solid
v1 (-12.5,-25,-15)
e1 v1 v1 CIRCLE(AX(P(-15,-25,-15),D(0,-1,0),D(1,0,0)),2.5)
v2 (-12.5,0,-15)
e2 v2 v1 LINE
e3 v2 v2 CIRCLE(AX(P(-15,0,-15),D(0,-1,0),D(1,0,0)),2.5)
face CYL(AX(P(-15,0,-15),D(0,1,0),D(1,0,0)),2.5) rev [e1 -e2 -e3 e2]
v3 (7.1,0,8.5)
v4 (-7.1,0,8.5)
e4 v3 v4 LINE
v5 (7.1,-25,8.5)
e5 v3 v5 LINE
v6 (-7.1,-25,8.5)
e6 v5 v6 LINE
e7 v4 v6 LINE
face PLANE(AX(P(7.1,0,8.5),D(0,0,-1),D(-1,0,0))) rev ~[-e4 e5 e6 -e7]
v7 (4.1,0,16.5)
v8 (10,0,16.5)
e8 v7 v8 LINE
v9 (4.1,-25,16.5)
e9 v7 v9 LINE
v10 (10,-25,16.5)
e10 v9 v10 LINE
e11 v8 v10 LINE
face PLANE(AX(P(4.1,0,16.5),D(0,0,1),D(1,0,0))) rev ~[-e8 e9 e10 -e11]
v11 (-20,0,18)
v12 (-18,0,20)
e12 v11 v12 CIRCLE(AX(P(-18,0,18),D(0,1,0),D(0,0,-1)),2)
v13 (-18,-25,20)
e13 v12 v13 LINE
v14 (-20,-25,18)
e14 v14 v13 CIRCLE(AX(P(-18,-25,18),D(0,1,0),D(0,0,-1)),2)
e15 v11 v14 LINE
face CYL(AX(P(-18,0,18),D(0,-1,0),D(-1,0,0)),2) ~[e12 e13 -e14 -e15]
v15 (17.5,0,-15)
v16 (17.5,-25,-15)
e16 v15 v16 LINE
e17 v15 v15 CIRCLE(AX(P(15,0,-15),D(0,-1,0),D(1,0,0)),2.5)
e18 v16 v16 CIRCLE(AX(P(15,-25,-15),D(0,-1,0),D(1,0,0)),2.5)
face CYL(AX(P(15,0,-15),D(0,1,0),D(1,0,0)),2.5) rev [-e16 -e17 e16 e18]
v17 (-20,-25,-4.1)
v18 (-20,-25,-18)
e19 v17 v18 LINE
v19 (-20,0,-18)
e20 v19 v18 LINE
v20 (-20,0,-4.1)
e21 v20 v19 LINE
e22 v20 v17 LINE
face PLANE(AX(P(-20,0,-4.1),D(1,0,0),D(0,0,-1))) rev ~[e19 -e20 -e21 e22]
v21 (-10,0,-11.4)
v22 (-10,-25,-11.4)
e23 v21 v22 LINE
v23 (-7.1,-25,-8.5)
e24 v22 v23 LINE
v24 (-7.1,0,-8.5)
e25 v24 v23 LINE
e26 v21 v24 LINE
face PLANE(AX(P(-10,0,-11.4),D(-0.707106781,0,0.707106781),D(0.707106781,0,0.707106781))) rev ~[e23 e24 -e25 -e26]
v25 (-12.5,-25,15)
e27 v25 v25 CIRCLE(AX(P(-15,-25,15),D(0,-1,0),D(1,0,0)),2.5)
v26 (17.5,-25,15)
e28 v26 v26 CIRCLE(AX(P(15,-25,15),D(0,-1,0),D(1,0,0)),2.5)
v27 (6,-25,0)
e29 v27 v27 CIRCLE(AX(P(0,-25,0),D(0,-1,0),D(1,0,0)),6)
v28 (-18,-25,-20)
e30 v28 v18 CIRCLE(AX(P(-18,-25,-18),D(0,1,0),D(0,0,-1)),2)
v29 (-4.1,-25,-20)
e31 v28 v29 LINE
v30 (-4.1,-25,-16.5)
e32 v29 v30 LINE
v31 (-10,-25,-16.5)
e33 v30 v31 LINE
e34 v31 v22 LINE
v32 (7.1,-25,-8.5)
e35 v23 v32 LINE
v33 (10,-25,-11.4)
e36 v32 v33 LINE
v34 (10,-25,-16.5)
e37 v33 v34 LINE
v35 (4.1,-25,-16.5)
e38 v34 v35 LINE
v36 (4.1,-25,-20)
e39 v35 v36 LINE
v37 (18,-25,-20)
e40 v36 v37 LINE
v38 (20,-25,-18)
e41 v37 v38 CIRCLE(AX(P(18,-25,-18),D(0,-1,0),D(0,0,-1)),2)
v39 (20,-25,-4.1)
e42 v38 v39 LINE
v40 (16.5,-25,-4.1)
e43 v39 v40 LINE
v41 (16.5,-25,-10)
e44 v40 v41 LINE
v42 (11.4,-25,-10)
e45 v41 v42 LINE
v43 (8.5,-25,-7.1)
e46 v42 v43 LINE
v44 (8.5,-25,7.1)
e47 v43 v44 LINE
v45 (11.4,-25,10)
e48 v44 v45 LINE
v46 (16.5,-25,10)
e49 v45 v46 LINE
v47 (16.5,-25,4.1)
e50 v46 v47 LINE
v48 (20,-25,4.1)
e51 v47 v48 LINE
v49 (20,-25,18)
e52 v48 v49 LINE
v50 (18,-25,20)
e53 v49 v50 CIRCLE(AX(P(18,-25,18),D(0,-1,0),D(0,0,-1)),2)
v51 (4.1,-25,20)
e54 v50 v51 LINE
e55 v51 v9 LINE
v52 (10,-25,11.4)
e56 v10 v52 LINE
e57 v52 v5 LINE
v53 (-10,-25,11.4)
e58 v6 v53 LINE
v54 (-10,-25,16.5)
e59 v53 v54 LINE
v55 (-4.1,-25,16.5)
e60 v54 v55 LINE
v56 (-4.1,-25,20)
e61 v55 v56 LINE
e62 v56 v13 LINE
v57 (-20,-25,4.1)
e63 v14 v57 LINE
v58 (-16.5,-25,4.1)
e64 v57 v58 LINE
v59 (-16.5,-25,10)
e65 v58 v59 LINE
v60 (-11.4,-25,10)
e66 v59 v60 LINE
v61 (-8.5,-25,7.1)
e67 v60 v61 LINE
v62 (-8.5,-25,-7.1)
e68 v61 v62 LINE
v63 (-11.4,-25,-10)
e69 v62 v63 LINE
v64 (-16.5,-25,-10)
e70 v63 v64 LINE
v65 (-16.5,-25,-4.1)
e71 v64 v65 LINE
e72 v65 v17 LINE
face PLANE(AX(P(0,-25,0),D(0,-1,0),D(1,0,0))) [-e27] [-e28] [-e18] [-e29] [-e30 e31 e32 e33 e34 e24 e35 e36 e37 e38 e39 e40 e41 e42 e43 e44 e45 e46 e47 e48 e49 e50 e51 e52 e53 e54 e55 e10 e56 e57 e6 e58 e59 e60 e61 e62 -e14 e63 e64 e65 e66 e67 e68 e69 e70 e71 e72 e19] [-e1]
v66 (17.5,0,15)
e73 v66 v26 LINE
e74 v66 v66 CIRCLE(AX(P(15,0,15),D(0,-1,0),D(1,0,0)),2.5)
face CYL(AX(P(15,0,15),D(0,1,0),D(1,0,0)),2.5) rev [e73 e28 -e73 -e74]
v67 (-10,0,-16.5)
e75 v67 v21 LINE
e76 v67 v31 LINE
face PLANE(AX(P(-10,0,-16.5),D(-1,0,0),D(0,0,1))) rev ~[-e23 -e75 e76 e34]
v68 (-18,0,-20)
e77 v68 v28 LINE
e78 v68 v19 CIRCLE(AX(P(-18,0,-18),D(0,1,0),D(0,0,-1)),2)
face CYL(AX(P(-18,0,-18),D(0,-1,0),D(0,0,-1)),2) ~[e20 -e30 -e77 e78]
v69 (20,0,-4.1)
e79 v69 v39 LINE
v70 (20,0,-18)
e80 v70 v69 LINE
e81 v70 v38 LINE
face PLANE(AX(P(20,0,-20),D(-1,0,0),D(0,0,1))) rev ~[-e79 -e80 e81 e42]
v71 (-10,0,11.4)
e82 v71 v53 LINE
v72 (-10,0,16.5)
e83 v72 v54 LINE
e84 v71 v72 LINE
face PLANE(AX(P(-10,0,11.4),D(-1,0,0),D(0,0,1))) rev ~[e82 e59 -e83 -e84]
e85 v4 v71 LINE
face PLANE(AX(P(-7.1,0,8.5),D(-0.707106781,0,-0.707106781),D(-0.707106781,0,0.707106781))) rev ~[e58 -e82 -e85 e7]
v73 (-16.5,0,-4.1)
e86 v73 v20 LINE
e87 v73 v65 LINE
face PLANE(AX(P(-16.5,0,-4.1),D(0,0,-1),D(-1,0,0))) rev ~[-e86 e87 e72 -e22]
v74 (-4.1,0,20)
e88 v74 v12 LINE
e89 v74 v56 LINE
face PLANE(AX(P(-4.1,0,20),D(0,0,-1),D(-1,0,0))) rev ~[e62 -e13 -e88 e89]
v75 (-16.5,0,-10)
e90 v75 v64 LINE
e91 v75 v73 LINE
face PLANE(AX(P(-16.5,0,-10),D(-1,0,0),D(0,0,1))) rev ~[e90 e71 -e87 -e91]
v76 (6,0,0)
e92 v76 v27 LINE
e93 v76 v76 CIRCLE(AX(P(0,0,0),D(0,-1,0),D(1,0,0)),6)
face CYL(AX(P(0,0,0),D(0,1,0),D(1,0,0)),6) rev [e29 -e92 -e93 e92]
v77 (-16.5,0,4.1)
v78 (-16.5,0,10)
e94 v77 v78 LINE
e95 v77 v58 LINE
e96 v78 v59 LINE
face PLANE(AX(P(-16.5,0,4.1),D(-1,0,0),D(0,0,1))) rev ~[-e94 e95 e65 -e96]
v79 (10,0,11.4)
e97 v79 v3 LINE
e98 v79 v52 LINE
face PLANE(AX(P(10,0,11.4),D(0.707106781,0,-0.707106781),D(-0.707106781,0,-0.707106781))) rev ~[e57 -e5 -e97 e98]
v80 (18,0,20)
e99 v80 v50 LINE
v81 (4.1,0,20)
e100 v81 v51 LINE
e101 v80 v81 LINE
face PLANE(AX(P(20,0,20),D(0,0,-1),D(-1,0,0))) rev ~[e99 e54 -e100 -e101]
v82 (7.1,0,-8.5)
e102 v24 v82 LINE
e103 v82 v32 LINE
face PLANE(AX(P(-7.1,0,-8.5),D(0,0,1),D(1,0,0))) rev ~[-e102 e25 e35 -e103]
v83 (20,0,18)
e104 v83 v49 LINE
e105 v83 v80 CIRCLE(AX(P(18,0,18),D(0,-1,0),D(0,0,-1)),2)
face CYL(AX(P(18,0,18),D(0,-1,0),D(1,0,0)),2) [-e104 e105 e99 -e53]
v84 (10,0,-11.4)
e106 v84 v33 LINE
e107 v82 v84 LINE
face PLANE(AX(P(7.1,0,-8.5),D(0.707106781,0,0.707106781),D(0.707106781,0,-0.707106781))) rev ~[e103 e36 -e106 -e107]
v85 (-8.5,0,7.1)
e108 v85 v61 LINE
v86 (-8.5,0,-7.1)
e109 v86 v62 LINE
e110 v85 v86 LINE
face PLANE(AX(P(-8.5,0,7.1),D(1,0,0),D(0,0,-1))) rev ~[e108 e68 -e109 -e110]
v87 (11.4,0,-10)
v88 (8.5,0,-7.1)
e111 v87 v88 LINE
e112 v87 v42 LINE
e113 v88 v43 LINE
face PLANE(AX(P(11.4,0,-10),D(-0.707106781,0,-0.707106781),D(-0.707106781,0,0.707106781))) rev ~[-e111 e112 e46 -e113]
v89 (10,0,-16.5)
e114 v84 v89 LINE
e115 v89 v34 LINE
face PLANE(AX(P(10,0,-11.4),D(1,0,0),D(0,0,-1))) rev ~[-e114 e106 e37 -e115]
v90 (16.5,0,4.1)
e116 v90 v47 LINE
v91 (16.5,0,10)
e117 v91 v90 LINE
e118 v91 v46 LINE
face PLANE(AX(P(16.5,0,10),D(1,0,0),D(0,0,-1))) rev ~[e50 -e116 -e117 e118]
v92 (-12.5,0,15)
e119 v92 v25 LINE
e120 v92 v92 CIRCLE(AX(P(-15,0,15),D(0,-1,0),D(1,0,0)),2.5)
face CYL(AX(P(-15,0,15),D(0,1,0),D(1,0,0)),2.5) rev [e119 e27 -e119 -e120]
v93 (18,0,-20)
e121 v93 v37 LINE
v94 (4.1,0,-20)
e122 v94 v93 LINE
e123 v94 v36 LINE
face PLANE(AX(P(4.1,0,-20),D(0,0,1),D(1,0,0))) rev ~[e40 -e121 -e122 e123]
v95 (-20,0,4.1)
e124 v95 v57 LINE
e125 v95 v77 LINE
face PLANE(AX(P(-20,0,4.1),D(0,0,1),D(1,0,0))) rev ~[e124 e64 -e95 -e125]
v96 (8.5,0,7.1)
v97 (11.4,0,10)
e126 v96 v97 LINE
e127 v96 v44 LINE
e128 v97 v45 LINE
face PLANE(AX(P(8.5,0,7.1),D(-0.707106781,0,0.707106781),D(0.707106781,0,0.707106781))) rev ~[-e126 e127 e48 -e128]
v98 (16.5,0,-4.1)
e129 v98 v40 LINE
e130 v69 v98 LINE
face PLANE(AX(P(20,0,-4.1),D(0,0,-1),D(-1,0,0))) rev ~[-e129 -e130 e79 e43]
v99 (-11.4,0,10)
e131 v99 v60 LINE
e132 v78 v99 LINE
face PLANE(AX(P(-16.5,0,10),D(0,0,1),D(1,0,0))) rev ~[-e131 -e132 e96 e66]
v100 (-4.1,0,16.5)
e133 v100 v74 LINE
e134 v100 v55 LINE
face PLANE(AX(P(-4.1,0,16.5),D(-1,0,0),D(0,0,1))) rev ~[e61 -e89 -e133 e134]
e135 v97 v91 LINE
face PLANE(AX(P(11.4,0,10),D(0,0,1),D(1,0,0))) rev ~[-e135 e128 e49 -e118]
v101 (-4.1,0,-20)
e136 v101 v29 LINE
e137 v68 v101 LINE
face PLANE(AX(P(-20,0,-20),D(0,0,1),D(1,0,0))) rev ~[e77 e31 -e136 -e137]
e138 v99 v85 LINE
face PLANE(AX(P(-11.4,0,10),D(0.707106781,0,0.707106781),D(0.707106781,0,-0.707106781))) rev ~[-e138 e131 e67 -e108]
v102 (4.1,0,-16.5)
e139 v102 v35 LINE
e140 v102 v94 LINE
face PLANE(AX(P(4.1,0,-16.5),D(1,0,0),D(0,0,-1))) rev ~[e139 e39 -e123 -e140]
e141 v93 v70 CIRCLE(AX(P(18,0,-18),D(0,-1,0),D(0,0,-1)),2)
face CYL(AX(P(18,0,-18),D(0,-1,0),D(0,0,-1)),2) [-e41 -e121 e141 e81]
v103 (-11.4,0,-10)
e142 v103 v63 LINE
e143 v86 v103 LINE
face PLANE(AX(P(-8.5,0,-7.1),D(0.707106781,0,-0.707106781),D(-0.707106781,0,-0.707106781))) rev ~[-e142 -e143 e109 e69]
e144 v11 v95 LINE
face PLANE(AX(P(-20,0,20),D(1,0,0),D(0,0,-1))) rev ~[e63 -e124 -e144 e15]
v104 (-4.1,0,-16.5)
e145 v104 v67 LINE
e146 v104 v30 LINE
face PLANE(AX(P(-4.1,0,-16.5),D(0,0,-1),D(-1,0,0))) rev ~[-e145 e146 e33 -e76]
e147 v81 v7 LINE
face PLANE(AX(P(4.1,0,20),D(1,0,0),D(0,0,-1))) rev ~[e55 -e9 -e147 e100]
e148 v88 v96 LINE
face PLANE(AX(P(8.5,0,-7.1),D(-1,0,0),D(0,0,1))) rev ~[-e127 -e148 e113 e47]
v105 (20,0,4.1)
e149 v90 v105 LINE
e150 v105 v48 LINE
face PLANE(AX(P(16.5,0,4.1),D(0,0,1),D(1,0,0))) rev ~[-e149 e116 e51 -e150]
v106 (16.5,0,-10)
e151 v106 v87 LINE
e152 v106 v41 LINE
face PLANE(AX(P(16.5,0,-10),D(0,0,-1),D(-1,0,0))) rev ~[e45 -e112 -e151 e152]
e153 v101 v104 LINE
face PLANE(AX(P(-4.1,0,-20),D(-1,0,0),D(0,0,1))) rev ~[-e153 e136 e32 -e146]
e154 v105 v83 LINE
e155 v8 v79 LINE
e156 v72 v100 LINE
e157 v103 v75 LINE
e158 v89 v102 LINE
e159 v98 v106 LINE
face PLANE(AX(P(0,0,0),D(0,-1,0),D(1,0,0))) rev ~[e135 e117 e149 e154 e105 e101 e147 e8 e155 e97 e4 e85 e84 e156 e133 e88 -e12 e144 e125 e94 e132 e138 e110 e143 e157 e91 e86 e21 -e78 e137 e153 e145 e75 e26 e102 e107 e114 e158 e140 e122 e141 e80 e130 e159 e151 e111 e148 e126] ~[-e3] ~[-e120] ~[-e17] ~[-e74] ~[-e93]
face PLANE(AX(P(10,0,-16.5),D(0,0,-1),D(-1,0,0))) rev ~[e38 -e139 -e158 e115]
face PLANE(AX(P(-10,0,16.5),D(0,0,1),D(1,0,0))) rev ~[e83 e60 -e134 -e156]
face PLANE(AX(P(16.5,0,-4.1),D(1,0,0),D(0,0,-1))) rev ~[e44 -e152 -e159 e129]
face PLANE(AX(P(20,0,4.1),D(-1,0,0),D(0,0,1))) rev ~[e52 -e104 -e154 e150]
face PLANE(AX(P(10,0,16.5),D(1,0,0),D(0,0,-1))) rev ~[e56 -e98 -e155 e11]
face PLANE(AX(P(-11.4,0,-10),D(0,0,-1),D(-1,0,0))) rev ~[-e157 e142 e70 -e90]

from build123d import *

# Parameters (mm, degrees)
F0_R     = 2.5
F0_R_2   = 6
F1_DEPTH = 25
F2_R     = 2


with BuildPart() as f1:
    # F0 (on Front) → F1 (new body)
    with BuildSketch(Plane.XZ):
        Polygon((4.1, -20), (20, -20), (20, -4.1), (16.5, -4.1), (16.5, -10), (11.4, -10), (8.5, -7.1), (8.5, 0), (8.5, 7.1), (11.4, 10), (16.5, 10), (16.5, 4.1), (20, 4.1), (20, 20), (4.1, 20), (4.1, 16.5), (10, 16.5), (10, 11.4), (7.1, 8.5), (0, 8.5), (-7.1, 8.5), (-10, 11.4), (-10, 16.5), (-4.1, 16.5), (-4.1, 20), (-20, 20), (-20, 4.1), (-16.5, 4.1), (-16.5, 10), (-11.4, 10), (-8.5, 7.1), (-8.5, 0), (-8.5, -7.1), (-11.4, -10), (-16.5, -10), (-16.5, -4.1), (-20, -4.1), (-20, -20), (-4.1, -20), (-4.1, -16.5), (-10, -16.5), (-10, -11.4), (-7.1, -8.5), (0, -8.5), (7.1, -8.5), (10, -11.4), (10, -16.5), (4.1, -16.5), align=None)
        with Locations((-15, -15)):
            Circle(F0_R, mode=Mode.SUBTRACT)
        with Locations((15, -15)):
            Circle(F0_R, mode=Mode.SUBTRACT)
        with Locations((-15, 15)):
            Circle(F0_R, mode=Mode.SUBTRACT)
        Circle(F0_R_2, mode=Mode.SUBTRACT)
        with Locations((15, 15)):
            Circle(F0_R, mode=Mode.SUBTRACT)
    extrude(amount=F1_DEPTH)

    # F2
    f2_edges = [f1.edges().sort_by_distance(p)[0] for p in [
        (20, -12.5, 20),
        (-20, -12.5, 20),
        (-20, -12.5, -20),
        (20, -12.5, -20),
    ]]
    fillet(f2_edges, radius=F2_R)


solid = f1.part
